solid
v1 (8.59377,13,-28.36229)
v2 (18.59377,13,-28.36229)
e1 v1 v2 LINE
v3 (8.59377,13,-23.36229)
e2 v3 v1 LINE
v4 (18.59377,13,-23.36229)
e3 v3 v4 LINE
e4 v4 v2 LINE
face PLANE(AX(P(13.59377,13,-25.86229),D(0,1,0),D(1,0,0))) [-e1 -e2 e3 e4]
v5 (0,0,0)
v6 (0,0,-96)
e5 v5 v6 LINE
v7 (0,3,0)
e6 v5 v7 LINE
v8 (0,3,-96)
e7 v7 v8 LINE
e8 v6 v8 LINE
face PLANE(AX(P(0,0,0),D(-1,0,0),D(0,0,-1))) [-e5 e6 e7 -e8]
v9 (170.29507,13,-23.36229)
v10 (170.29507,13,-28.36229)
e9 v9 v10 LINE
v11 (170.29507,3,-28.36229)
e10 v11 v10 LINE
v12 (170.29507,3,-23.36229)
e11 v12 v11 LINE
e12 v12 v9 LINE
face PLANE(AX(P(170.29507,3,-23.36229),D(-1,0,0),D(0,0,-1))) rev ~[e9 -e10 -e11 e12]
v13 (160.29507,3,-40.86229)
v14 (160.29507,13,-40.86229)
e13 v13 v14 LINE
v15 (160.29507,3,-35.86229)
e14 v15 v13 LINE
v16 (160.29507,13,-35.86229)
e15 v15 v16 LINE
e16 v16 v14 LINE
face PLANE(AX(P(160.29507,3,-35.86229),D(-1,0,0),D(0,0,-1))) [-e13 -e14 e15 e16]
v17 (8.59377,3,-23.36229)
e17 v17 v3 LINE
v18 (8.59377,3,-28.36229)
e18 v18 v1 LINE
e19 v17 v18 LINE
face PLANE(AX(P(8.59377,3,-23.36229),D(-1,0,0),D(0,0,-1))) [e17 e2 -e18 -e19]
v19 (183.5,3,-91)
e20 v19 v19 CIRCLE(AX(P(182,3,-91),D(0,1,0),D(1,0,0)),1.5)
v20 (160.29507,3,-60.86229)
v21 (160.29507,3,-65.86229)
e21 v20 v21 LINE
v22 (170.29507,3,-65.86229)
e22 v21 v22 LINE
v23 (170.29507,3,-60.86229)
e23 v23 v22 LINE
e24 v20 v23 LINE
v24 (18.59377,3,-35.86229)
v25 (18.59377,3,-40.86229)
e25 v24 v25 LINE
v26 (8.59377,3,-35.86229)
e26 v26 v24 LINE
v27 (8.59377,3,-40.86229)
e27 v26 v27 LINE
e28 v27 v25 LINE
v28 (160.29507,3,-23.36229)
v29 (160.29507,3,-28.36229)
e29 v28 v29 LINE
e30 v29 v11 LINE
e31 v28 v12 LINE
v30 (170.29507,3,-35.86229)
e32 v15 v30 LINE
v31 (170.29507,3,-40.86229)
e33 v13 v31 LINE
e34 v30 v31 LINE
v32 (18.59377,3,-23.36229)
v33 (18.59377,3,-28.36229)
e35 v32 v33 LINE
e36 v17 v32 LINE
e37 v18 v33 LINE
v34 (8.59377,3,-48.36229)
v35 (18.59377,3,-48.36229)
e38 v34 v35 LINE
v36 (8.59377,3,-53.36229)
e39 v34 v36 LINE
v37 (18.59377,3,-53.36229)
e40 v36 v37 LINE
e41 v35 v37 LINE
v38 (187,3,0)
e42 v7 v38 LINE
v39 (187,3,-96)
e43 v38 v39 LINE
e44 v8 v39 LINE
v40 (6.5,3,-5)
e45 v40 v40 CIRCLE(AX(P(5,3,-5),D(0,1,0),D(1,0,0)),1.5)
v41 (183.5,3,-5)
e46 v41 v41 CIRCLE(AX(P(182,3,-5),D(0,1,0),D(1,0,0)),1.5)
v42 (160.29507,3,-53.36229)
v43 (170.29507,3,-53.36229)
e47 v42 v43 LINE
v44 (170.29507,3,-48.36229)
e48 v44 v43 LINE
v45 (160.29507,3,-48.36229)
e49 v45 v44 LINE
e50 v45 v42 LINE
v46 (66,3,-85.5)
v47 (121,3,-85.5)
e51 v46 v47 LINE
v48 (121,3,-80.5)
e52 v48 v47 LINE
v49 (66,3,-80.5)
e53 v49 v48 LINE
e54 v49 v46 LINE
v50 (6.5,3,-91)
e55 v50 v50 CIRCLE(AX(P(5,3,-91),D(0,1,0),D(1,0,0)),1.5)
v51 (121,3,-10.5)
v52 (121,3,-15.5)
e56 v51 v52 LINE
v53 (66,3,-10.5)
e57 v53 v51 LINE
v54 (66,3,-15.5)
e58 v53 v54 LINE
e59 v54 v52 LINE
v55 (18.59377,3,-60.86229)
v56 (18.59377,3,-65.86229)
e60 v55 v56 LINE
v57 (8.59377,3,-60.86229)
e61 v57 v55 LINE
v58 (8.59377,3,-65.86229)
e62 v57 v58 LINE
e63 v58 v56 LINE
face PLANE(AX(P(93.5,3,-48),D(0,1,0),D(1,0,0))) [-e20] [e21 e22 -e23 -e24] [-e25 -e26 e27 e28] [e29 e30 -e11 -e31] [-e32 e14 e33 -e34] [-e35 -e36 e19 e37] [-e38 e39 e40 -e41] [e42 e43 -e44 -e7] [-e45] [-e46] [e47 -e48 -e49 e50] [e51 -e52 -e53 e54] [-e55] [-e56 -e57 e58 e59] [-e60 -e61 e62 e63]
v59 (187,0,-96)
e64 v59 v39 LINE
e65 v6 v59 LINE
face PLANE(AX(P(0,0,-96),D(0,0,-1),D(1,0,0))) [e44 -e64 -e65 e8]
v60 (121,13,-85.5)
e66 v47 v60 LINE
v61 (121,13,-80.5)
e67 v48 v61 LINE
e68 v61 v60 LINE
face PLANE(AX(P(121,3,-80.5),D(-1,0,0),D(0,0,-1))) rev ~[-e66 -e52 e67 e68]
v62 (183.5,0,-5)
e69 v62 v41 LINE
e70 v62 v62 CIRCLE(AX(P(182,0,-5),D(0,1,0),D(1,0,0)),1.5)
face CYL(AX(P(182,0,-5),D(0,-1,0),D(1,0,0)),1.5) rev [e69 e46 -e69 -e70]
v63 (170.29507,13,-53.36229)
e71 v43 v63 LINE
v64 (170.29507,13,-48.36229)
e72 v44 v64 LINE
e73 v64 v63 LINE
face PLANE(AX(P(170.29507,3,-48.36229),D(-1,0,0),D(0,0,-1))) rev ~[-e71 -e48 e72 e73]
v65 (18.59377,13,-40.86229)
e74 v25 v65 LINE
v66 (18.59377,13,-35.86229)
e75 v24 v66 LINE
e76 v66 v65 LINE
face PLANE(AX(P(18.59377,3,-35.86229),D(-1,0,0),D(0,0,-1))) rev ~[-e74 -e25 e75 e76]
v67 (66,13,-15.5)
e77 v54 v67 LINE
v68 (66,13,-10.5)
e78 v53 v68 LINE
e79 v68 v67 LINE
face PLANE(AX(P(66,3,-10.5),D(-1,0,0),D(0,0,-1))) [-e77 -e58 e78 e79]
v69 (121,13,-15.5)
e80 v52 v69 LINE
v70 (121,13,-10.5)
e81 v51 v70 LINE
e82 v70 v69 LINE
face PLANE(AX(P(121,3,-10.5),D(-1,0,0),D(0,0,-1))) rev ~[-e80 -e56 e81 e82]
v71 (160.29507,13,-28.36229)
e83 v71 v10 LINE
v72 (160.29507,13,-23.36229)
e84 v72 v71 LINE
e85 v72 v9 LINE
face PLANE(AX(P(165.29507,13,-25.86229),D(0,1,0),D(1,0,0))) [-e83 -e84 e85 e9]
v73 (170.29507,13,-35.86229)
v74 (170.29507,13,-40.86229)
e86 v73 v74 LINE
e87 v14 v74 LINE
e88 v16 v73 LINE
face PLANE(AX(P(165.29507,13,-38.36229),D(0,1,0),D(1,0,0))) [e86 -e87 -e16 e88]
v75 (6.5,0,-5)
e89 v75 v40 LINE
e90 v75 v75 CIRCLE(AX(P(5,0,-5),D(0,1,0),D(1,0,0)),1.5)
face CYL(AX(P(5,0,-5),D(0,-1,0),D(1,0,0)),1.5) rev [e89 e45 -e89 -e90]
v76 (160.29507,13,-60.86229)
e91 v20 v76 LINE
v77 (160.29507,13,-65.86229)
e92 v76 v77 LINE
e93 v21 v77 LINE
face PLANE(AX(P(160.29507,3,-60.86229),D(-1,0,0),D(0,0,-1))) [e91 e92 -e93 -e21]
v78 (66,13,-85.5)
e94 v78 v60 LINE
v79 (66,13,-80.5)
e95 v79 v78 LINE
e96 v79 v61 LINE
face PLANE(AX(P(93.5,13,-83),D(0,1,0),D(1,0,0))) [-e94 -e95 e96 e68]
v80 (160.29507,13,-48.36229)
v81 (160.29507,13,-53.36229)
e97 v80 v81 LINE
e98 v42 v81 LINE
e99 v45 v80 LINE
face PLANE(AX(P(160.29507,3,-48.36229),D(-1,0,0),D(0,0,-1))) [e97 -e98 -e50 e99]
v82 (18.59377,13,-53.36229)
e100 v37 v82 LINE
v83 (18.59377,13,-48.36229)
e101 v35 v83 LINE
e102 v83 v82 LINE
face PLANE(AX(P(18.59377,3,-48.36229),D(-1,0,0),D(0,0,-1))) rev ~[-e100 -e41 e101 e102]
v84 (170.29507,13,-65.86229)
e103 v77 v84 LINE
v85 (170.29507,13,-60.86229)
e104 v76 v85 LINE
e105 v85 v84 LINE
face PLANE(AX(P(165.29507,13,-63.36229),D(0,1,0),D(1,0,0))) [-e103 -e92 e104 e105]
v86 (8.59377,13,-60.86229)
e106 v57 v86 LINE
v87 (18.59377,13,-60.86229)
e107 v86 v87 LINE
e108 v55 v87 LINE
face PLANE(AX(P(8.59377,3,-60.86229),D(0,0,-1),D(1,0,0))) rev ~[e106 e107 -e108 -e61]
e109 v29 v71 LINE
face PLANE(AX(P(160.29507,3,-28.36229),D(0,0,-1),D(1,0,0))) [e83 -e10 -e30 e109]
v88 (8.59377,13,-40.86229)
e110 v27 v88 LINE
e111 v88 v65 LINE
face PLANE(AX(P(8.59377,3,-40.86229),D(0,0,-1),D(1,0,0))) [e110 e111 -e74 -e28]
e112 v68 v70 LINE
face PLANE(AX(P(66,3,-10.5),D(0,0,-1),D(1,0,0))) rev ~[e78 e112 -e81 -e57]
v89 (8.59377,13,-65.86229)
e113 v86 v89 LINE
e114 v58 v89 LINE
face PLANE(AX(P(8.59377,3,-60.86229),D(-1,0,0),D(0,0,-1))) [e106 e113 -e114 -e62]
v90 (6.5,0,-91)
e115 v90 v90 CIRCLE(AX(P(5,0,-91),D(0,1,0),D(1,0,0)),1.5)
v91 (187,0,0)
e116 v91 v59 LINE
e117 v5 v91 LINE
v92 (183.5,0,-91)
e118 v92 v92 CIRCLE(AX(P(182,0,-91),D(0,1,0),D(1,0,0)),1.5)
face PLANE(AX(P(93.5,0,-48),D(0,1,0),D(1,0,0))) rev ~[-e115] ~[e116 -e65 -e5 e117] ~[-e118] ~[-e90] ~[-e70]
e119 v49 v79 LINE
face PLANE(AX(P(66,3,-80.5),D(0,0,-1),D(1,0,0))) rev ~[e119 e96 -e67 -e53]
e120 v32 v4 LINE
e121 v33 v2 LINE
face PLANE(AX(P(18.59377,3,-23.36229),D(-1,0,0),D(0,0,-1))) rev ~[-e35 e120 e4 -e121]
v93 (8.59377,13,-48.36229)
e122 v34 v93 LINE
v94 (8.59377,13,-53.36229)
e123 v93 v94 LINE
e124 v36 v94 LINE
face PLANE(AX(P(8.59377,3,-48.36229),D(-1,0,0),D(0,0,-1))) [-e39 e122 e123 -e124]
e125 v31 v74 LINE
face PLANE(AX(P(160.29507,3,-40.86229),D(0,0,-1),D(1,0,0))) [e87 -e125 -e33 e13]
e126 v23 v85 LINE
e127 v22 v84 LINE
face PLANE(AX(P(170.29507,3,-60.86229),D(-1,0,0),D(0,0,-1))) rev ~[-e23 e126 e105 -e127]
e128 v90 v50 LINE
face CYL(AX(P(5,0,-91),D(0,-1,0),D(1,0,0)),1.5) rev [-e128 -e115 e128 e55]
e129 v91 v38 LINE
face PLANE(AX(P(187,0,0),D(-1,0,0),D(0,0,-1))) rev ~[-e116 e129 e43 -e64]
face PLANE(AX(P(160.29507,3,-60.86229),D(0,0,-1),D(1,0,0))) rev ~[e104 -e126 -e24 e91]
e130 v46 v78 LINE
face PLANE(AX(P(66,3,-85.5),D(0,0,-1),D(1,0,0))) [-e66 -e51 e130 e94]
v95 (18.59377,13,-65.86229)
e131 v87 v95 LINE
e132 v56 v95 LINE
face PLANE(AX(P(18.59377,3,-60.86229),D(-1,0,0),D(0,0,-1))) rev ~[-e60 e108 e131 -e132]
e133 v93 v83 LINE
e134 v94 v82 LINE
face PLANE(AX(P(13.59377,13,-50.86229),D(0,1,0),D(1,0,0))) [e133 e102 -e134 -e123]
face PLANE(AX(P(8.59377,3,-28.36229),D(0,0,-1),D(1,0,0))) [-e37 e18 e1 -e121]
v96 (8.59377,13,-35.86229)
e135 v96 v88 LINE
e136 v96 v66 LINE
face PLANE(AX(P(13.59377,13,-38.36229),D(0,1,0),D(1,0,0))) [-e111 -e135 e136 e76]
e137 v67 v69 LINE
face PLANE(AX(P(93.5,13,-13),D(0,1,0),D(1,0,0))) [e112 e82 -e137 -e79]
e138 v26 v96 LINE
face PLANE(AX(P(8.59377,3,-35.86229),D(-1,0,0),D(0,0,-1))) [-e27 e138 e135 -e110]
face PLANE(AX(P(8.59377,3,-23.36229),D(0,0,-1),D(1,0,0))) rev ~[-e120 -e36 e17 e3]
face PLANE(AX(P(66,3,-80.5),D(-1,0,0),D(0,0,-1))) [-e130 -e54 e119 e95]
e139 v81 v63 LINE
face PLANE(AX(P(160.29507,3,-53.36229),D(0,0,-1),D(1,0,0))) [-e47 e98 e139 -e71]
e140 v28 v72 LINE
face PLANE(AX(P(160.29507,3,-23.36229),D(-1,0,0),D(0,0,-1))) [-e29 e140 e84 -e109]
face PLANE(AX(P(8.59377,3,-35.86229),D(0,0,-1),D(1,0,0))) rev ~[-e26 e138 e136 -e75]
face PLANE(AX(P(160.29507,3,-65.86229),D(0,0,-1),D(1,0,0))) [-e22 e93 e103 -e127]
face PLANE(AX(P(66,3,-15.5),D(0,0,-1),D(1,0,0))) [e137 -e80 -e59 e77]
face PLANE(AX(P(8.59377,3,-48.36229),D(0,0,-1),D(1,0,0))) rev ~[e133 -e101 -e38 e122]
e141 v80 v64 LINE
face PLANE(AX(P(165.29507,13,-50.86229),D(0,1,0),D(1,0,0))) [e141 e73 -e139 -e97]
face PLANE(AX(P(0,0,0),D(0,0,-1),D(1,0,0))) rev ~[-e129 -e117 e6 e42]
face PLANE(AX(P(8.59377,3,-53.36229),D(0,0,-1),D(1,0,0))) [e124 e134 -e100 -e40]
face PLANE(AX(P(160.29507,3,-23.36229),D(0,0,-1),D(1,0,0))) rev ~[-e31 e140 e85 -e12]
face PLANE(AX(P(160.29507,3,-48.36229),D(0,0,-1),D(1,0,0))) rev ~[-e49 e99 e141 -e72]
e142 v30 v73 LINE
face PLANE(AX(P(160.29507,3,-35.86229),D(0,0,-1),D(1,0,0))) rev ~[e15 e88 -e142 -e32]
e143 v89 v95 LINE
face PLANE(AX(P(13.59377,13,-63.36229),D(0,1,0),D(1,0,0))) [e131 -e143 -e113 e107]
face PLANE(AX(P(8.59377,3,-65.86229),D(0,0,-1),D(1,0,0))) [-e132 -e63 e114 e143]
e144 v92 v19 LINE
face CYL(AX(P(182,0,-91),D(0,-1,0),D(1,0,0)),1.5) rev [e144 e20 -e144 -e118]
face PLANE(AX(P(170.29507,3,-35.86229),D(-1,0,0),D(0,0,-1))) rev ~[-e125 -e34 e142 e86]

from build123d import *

# Parameters (mm, degrees)
ESQUISSE1_W      = 187
ESQUISSE1_H      = 96
ESQUISSE1_R      = 1.5
EXTRUSION1_DEPTH = 3
ESQUISSE2_W      = 55
ESQUISSE2_H      = 5
EXTRUSION2_DEPTH = 10
ESQUISSE4_W      = 10
ESQUISSE4_H      = 5
EXTRUSION4_DEPTH = 10


with BuildPart() as part:
    # Esquisse1 → Extrusion1 (new body)
    with BuildSketch(Plane(origin=(0, 0, 0), x_dir=(1, 0, 0), z_dir=(0, 1, 0))):
        with Locations((93.5, 48)):
            Rectangle(ESQUISSE1_W, ESQUISSE1_H)
        with Locations((5, 91)):
            Circle(ESQUISSE1_R, mode=Mode.SUBTRACT)
        with Locations((182, 91)):
            Circle(ESQUISSE1_R, mode=Mode.SUBTRACT)
        with Locations((182, 5)):
            Circle(ESQUISSE1_R, mode=Mode.SUBTRACT)
        with Locations((5, 5)):
            Circle(ESQUISSE1_R, mode=Mode.SUBTRACT)
    extrude(amount=EXTRUSION1_DEPTH)

    # Esquisse2 → Extrusion2 (add)
    with BuildSketch(Plane(origin=(0, 3, 0), x_dir=(1, 0, 0), z_dir=(0, 1, 0))):
        with Locations((93.5, 83)):
            Rectangle(ESQUISSE2_W, ESQUISSE2_H)
        with Locations((93.5, 13)):
            Rectangle(ESQUISSE2_W, ESQUISSE2_H)
    extrude(amount=EXTRUSION2_DEPTH)

    # Esquisse4 → Extrusion4 (add)
    with BuildSketch(Plane(origin=(0, 3, 0), x_dir=(1, 0, 0), z_dir=(0, 1, 0))):
        with Locations((165.295070297, 63.362289653)):
            Rectangle(ESQUISSE4_W, ESQUISSE4_H)
        with Locations((13.593769781, 63.362289653)):
            Rectangle(ESQUISSE4_W, ESQUISSE4_H)
        with Locations((13.593769781, 38.362289653)):
            Rectangle(ESQUISSE4_W, ESQUISSE4_H)
        with Locations((13.593769781, 25.862289653)):
            Rectangle(ESQUISSE4_W, ESQUISSE4_H)
        with Locations((13.593769781, 50.862289653)):
            Rectangle(ESQUISSE4_W, ESQUISSE4_H)
        with Locations((165.295070297, 38.362289653)):
            Rectangle(ESQUISSE4_W, ESQUISSE4_H)
        with Locations((165.295070297, 25.862289653)):
            Rectangle(ESQUISSE4_W, ESQUISSE4_H)
        with Locations((165.295070297, 50.862289653)):
            Rectangle(ESQUISSE4_W, ESQUISSE4_H)
    extrude(amount=EXTRUSION4_DEPTH)


solid = part.part
